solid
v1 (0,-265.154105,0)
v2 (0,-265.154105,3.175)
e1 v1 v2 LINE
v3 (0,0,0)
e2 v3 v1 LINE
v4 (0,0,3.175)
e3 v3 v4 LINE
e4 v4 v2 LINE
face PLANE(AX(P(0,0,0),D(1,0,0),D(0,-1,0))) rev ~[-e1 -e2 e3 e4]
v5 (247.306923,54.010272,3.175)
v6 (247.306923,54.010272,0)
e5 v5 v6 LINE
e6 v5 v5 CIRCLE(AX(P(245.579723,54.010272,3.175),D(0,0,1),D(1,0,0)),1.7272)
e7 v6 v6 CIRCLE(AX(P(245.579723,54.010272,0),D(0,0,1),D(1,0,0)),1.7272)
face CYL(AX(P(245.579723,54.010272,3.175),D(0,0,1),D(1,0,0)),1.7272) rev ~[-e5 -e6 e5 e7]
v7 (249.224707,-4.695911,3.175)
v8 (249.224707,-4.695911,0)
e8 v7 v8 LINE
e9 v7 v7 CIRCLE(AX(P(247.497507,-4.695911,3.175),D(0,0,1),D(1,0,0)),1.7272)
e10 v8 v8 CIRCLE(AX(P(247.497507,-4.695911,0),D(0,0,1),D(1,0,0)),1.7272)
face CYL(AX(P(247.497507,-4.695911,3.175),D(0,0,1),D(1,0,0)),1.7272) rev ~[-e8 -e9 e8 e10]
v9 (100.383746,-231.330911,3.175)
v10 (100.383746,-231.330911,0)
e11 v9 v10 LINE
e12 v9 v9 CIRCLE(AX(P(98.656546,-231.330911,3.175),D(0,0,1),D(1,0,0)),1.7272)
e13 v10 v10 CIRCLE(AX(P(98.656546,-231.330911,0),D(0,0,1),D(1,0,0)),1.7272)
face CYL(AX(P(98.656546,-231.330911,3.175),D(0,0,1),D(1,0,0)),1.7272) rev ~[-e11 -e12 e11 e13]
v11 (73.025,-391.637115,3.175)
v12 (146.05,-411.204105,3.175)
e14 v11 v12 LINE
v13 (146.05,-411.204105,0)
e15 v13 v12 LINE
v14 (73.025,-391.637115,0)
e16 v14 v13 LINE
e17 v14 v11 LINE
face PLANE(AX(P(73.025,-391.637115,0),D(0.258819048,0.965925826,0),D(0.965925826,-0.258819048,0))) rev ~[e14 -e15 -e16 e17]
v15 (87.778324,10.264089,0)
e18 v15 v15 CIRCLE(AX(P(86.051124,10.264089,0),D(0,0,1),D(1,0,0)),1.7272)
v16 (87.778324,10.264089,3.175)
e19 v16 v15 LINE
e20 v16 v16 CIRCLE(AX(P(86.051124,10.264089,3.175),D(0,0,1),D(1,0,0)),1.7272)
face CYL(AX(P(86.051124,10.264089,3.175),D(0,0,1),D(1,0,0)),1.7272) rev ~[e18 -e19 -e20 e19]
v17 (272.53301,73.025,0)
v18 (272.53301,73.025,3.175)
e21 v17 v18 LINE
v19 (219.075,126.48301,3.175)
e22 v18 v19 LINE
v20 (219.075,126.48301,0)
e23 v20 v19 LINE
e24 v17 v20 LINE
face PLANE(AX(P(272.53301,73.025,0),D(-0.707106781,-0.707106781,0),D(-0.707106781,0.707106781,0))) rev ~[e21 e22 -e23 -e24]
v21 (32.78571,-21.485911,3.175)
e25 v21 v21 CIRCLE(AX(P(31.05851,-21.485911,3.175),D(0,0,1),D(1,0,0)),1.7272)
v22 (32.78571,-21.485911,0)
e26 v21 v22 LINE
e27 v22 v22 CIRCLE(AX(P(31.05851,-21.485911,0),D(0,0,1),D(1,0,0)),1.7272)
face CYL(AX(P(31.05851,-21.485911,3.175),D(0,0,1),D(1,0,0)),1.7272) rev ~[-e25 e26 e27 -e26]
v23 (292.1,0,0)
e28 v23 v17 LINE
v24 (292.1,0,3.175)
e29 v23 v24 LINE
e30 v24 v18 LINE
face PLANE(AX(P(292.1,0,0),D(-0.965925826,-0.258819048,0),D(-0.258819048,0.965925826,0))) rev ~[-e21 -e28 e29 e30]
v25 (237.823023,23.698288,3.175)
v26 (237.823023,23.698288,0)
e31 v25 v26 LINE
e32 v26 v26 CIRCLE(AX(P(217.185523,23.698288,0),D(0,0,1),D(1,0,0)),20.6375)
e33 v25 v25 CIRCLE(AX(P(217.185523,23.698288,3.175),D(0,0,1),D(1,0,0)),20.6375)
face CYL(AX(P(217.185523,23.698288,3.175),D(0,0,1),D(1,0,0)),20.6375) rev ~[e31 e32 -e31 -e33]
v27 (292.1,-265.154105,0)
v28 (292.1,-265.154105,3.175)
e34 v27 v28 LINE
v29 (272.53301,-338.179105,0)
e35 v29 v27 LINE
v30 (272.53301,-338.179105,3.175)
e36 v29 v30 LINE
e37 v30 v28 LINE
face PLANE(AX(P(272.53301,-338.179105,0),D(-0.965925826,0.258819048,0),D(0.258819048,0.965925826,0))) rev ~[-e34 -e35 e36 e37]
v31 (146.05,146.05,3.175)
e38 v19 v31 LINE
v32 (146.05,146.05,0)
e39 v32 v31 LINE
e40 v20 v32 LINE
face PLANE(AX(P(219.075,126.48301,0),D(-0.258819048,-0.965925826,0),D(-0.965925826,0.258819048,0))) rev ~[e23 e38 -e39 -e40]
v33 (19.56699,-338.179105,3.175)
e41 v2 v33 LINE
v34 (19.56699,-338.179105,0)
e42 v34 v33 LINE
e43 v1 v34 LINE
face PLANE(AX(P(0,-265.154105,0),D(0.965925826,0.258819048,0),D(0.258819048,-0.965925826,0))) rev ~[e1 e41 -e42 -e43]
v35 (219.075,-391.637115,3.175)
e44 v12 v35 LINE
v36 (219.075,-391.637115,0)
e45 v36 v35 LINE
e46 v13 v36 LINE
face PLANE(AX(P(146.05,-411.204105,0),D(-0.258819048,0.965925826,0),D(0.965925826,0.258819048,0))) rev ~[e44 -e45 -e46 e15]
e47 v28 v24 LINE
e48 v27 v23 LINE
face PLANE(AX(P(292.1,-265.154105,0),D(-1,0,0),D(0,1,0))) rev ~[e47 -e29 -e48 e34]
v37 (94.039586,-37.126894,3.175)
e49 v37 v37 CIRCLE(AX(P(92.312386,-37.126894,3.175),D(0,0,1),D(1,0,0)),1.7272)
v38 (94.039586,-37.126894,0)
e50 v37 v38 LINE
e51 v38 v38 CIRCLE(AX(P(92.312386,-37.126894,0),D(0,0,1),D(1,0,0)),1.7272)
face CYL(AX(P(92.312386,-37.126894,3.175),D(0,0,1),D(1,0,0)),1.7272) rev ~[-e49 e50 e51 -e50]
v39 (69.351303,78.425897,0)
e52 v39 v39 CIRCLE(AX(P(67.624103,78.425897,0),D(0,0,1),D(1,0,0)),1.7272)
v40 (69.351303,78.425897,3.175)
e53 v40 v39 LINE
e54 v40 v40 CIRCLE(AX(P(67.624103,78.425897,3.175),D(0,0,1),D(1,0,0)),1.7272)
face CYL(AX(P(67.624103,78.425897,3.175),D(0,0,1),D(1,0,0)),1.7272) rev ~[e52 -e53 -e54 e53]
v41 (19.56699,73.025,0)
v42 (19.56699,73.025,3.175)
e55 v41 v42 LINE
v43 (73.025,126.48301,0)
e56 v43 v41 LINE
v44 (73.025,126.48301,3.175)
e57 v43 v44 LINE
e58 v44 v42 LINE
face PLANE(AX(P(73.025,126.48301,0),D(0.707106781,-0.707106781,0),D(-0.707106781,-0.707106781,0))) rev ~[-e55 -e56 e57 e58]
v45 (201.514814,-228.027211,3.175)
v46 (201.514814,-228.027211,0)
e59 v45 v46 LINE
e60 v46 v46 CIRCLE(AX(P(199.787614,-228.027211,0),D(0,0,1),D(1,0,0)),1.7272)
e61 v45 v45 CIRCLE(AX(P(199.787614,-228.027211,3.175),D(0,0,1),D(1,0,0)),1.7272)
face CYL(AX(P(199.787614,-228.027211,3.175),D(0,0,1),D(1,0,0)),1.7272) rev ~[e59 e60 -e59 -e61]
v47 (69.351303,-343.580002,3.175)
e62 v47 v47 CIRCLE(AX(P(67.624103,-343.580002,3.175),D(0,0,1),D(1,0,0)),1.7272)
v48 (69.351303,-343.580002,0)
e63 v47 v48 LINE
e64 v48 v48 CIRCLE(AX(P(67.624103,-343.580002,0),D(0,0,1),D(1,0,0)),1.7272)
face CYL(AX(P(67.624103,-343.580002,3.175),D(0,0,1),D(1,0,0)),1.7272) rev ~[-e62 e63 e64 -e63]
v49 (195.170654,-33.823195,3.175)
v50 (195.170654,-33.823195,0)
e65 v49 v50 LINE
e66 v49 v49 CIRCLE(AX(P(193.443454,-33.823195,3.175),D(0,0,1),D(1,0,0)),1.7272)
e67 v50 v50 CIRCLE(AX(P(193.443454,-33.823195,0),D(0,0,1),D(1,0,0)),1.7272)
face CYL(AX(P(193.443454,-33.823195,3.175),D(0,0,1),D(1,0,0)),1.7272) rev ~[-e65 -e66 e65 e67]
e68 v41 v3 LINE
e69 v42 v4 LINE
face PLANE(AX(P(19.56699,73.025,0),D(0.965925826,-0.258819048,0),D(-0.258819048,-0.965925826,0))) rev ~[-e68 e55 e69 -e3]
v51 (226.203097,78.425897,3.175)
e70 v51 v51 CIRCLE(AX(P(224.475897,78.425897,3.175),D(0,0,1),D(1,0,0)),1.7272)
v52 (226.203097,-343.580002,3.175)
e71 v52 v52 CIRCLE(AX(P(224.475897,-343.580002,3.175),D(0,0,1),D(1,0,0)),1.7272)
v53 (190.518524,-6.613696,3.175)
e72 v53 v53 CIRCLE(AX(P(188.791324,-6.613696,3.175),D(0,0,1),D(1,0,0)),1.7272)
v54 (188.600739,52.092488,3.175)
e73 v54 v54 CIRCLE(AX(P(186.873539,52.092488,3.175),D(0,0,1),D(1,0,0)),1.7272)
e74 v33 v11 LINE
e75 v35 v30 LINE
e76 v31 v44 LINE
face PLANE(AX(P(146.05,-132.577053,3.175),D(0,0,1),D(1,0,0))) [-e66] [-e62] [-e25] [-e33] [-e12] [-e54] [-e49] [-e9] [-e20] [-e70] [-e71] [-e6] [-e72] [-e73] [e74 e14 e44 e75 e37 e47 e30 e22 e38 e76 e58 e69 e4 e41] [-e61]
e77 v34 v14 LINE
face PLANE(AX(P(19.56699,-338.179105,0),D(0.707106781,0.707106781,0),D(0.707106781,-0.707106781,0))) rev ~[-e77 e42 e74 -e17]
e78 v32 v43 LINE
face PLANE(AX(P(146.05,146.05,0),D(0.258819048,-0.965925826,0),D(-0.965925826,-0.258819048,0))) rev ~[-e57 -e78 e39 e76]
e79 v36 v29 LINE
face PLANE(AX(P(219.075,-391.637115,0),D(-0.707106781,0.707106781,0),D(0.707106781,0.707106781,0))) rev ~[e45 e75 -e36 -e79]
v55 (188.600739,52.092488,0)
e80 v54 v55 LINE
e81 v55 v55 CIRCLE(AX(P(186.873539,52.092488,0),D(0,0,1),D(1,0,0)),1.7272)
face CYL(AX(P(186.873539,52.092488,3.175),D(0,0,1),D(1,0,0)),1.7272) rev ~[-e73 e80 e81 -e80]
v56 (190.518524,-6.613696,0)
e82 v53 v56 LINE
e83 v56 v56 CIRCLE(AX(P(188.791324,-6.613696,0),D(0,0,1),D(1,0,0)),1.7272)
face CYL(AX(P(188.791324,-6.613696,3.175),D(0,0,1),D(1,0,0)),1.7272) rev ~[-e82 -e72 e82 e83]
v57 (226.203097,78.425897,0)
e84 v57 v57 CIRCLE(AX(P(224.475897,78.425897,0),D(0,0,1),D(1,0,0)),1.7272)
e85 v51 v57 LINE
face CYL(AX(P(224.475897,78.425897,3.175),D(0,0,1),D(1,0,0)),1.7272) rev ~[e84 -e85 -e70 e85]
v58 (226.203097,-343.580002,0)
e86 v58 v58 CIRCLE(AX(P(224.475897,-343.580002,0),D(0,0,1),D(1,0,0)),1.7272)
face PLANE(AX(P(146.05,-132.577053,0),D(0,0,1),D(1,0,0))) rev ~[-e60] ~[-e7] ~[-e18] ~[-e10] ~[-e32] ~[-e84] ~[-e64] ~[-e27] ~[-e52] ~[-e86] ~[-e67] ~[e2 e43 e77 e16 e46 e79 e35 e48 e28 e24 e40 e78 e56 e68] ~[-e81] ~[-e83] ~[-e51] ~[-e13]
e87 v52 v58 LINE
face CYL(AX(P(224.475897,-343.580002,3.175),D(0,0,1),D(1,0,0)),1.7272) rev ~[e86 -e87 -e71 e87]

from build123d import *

# Parameters (mm, degrees)
F1_DEPTH = 3.175
F2_R     = 20.6375
F2_R_2   = 1.7272
F3_DEPTH = 3.175


with BuildPart() as f1:
    # F0 (on Top) → F1 (new body)
    with BuildSketch(Plane.XY):
        Polygon((292.1, -265.154105), (292.1, 0), (272.53301, 73.025), (219.075, 126.48301), (146.05, 146.05), (73.025, 126.48301), (19.56699, 73.025), (0, 0), (0, -265.154105), (19.56699, -338.179105), (73.025, -391.637115), (146.05, -411.204105), (219.075, -391.637115), (272.53301, -338.179105), align=None)
    extrude(amount=F1_DEPTH)

    # F2 (on face) → F3 (cut, through all)
    with BuildSketch(Plane.XY.offset(3.175)):
        with Locations((217.185523, 23.698288)):
            Circle(F2_R)
        with Locations((92.312386, -37.126894)):
            Circle(F2_R_2)
        with Locations((193.443454, -33.823195)):
            Circle(F2_R_2)
        with Locations((188.791324, -6.613696)):
            Circle(F2_R_2)
        with Locations((247.497507, -4.695911)):
            Circle(F2_R_2)
        with Locations((245.579723, 54.010272)):
            Circle(F2_R_2)
        with Locations((186.873539, 52.092488)):
            Circle(F2_R_2)
        with Locations((199.787614, -228.027211)):
            Circle(F2_R_2)
        with Locations((98.656546, -231.330911)):
            Circle(F2_R_2)
        with Locations((224.475897, 78.425897)):
            Circle(F2_R_2)
        with Locations((67.624103, 78.425897)):
            Circle(F2_R_2)
        with Locations((67.624103, -343.580002)):
            Circle(F2_R_2)
        with Locations((224.475897, -343.580002)):
            Circle(F2_R_2)
        with Locations((31.05851, -21.485911)):
            Circle(F2_R_2)
        with Locations((86.051124, 10.264089)):
            Circle(F2_R_2)
    extrude(amount=-F3_DEPTH, mode=Mode.SUBTRACT)


solid = f1.part
